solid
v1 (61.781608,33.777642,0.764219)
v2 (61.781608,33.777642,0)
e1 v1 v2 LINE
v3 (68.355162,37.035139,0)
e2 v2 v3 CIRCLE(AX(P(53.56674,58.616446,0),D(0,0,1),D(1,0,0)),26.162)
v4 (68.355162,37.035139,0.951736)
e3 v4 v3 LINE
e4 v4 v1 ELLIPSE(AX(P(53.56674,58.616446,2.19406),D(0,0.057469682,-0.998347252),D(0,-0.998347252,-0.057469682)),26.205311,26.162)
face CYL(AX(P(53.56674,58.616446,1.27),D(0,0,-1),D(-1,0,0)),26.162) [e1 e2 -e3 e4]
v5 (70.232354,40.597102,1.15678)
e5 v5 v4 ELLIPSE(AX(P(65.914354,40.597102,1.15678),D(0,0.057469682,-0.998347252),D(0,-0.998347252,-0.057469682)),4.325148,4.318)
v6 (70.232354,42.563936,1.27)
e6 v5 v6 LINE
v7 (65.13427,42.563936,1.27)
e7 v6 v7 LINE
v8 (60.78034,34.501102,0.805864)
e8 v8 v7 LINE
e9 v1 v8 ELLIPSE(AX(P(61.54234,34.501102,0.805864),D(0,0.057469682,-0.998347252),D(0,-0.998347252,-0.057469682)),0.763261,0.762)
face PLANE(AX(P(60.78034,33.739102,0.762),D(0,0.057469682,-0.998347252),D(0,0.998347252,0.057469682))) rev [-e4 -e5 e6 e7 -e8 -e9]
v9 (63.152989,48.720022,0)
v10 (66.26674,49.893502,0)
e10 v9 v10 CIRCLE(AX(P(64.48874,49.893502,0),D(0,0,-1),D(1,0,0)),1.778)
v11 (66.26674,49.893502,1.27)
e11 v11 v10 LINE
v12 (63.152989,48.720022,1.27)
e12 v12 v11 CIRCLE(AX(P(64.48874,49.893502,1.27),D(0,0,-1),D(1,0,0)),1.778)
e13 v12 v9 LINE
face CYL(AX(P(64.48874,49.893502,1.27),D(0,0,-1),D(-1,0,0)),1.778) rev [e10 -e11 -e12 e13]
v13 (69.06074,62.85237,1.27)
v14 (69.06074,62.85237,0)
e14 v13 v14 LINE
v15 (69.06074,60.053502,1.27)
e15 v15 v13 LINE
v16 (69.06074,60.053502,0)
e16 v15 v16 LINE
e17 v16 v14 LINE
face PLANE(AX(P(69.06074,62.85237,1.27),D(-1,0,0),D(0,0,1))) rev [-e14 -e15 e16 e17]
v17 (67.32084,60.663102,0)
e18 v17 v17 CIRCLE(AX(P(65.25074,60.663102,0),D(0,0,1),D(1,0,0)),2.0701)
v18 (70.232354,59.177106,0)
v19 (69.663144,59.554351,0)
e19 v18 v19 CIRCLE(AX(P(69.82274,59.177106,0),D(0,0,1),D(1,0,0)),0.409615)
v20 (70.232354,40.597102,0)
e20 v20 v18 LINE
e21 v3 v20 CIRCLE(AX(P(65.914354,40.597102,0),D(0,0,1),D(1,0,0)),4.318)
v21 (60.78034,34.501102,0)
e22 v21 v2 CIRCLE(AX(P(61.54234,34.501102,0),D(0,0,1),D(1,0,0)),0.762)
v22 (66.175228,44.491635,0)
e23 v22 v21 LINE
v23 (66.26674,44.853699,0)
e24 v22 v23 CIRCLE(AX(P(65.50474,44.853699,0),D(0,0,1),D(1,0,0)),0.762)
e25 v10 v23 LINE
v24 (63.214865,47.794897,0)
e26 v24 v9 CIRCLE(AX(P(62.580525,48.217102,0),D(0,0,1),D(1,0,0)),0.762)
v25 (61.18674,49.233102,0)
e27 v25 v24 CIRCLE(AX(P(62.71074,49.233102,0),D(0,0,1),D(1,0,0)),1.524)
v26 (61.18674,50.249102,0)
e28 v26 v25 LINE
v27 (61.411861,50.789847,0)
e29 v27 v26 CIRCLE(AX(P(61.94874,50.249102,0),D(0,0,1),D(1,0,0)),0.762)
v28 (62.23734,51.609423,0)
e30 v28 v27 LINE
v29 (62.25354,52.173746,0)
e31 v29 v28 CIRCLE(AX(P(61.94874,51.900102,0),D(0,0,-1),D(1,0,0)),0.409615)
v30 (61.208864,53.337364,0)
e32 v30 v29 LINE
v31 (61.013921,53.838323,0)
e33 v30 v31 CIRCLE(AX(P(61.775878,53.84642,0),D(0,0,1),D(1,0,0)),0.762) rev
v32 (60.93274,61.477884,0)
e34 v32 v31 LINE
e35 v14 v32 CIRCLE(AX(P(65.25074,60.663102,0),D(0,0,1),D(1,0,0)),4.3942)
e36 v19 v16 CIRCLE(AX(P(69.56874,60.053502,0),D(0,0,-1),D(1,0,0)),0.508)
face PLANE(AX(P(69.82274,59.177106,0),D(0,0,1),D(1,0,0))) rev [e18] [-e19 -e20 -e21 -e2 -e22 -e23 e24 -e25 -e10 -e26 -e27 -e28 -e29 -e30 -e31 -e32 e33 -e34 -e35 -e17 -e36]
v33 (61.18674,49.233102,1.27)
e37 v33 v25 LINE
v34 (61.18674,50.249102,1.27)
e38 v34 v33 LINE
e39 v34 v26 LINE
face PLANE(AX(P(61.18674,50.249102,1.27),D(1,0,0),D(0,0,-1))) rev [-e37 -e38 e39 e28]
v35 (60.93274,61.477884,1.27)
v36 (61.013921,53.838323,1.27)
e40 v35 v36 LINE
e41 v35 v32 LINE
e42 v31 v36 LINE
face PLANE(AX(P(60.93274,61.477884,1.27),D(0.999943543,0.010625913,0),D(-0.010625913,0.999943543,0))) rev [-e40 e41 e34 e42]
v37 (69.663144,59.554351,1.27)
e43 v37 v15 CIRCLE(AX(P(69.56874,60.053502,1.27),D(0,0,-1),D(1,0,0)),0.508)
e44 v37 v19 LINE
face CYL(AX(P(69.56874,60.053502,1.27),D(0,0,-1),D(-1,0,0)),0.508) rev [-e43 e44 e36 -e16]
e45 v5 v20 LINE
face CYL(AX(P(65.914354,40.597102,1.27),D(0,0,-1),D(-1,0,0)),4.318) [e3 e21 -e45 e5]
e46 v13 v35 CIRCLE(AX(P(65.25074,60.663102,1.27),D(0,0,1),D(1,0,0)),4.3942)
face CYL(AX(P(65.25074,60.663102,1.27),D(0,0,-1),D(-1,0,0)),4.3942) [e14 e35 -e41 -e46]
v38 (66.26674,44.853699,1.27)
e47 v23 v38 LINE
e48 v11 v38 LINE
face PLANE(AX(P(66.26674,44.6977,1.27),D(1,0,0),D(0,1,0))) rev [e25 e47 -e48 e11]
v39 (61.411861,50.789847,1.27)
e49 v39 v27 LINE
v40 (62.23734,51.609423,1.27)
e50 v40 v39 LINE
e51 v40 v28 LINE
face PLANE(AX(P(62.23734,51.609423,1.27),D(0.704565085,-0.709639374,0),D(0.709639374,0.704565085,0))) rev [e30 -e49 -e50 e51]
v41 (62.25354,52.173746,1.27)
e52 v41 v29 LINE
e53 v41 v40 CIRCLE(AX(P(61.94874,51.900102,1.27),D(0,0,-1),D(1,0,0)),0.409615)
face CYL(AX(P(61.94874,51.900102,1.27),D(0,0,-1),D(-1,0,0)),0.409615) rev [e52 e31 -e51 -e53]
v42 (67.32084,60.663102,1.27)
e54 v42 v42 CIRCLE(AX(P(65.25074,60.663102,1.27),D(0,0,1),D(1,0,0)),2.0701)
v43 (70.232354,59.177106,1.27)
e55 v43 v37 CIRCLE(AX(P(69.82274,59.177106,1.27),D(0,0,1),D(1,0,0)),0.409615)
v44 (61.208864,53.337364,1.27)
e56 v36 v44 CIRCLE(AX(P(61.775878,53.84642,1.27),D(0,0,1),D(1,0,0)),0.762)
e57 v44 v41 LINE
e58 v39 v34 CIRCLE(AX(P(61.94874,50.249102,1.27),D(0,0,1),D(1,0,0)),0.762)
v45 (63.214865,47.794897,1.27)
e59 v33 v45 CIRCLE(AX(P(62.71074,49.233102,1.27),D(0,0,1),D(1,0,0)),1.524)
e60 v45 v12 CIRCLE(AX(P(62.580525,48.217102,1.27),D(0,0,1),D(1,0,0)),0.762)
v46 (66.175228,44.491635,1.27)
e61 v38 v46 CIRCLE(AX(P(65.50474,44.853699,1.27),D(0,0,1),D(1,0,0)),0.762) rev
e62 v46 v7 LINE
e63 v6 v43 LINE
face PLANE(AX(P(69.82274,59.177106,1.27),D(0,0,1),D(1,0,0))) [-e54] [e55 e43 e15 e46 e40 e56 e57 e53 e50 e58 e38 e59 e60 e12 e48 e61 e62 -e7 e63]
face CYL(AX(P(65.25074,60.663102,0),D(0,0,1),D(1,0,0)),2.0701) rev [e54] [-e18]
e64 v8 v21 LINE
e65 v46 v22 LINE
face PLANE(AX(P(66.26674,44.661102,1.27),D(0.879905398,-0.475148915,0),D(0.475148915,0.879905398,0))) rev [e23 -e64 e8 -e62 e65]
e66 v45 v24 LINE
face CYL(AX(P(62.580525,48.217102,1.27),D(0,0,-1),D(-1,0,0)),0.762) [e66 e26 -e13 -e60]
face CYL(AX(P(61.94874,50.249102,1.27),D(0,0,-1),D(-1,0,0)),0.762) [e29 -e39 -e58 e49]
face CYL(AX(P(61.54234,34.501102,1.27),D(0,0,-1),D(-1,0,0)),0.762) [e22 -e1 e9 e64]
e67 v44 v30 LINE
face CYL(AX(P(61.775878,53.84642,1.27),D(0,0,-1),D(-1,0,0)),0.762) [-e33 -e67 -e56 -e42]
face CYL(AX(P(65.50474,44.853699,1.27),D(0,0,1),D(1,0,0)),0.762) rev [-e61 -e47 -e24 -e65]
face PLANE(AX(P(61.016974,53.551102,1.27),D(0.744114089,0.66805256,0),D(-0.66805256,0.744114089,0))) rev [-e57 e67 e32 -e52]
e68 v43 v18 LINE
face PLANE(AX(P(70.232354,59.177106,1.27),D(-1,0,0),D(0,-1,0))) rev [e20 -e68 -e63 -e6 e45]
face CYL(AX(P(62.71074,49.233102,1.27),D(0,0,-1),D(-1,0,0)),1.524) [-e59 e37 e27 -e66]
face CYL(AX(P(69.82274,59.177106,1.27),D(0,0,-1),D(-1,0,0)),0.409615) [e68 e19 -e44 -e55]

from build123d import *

# Parameters (mm, degrees)
BOSS_EXTRUDE1_DEPTH = 1.27
SKETCH2_R           = 2.0701
CUT_EXTRUDE1_DEPTH  = 2.27
FILLET1_R           = 0.762
CUT_EXTRUDE2_DEPTH  = 10.452014607


with BuildPart() as part:
    # Sketch1 → Boss-Extrude1 (new body)
    with BuildSketch(Plane.XY):
        with BuildLine():
            Line((70.232354199, 59.177106463), (70.232354199, 40.597101988))
            ThreePointArc((70.232354199, 40.597101988), (69.734336591, 38.583930727), (68.355161738, 37.035138686))
            ThreePointArc((68.355161738, 37.035138686), (65.183135809, 35.174825007), (61.781607592, 33.777641675))
            ThreePointArc((61.781607592, 33.777641675), (61.096065134, 33.883458799), (60.780339592, 34.501101988))
            Line((60.780339592, 34.501101988), (66.266739592, 44.661101988))
            Line((66.266739592, 44.661101988), (66.266739592, 44.697700386))
            Line((66.266739592, 44.697700386), (66.266739592, 49.893501988))
            ThreePointArc((66.266739592, 49.893501988), (63.861714839, 51.557269988), (63.152989358, 48.720021988))
            ThreePointArc((63.152989358, 48.720021988), (63.340826318, 48.267953364), (63.214864671, 47.794896889))
            ThreePointArc((63.214864671, 47.794896889), (61.829181489, 47.989948212), (61.186739592, 49.233101988))
            Line((61.186739592, 49.233101988), (61.186739592, 50.249101988))
            ThreePointArc((61.186739592, 50.249101988), (61.245267671, 50.541969288), (61.411860998, 50.789847191))
            Line((61.411860998, 50.789847191), (62.237339742, 51.609423334))
            ThreePointArc((62.237339742, 51.609423334), (62.358185527, 51.888348141), (62.253539592, 52.173746074))
            Line((62.253539592, 52.173746074), (61.016973645, 53.551101988))
            Line((61.016973645, 53.551101988), (60.932739592, 61.477883946))
            ThreePointArc((60.932739592, 61.477883946), (64.518060362, 64.995788774), (69.060739592, 62.852369819))
            Line((69.060739592, 62.852369819), (69.060739592, 60.053501988))
            ThreePointArc((69.060739592, 60.053501988), (69.244620338, 59.662336155), (69.663143958, 59.554350892))
            ThreePointArc((69.663143958, 59.554350892), (70.049026383, 59.518542276), (70.232354199, 59.177106463))
        make_face()
    extrude(amount=BOSS_EXTRUDE1_DEPTH)

    # Sketch2 → Cut-Extrude1 (cut, through all)
    with BuildSketch(Plane.XY.offset(1.27)):
        with Locations((65.250739592, 60.663101988)):
            Circle(SKETCH2_R)
    extrude(amount=-CUT_EXTRUDE1_DEPTH, mode=Mode.SUBTRACT)

    # Fillet1
    fillet1_edges = [part.edges().sort_by_distance(p)[0] for p in [
        (66.266739592, 44.661101988, 0.635),
        (61.016973645, 53.551101988, 0.635),
    ]]
    fillet(fillet1_edges, radius=FILLET1_R)

    # Sketch3 → Cut-Extrude2 (cut, through all)
    with BuildSketch(Plane(origin=(70.232354199, 0, 0), x_dir=(0, 0, -1), z_dir=(1, 0, 0))):
        Polygon((-1.27, 33.739101988), (-0.762, 33.739101988), (-1.27, 42.563935936), align=None)
    extrude(amount=-CUT_EXTRUDE2_DEPTH, mode=Mode.SUBTRACT)


solid = part.part
